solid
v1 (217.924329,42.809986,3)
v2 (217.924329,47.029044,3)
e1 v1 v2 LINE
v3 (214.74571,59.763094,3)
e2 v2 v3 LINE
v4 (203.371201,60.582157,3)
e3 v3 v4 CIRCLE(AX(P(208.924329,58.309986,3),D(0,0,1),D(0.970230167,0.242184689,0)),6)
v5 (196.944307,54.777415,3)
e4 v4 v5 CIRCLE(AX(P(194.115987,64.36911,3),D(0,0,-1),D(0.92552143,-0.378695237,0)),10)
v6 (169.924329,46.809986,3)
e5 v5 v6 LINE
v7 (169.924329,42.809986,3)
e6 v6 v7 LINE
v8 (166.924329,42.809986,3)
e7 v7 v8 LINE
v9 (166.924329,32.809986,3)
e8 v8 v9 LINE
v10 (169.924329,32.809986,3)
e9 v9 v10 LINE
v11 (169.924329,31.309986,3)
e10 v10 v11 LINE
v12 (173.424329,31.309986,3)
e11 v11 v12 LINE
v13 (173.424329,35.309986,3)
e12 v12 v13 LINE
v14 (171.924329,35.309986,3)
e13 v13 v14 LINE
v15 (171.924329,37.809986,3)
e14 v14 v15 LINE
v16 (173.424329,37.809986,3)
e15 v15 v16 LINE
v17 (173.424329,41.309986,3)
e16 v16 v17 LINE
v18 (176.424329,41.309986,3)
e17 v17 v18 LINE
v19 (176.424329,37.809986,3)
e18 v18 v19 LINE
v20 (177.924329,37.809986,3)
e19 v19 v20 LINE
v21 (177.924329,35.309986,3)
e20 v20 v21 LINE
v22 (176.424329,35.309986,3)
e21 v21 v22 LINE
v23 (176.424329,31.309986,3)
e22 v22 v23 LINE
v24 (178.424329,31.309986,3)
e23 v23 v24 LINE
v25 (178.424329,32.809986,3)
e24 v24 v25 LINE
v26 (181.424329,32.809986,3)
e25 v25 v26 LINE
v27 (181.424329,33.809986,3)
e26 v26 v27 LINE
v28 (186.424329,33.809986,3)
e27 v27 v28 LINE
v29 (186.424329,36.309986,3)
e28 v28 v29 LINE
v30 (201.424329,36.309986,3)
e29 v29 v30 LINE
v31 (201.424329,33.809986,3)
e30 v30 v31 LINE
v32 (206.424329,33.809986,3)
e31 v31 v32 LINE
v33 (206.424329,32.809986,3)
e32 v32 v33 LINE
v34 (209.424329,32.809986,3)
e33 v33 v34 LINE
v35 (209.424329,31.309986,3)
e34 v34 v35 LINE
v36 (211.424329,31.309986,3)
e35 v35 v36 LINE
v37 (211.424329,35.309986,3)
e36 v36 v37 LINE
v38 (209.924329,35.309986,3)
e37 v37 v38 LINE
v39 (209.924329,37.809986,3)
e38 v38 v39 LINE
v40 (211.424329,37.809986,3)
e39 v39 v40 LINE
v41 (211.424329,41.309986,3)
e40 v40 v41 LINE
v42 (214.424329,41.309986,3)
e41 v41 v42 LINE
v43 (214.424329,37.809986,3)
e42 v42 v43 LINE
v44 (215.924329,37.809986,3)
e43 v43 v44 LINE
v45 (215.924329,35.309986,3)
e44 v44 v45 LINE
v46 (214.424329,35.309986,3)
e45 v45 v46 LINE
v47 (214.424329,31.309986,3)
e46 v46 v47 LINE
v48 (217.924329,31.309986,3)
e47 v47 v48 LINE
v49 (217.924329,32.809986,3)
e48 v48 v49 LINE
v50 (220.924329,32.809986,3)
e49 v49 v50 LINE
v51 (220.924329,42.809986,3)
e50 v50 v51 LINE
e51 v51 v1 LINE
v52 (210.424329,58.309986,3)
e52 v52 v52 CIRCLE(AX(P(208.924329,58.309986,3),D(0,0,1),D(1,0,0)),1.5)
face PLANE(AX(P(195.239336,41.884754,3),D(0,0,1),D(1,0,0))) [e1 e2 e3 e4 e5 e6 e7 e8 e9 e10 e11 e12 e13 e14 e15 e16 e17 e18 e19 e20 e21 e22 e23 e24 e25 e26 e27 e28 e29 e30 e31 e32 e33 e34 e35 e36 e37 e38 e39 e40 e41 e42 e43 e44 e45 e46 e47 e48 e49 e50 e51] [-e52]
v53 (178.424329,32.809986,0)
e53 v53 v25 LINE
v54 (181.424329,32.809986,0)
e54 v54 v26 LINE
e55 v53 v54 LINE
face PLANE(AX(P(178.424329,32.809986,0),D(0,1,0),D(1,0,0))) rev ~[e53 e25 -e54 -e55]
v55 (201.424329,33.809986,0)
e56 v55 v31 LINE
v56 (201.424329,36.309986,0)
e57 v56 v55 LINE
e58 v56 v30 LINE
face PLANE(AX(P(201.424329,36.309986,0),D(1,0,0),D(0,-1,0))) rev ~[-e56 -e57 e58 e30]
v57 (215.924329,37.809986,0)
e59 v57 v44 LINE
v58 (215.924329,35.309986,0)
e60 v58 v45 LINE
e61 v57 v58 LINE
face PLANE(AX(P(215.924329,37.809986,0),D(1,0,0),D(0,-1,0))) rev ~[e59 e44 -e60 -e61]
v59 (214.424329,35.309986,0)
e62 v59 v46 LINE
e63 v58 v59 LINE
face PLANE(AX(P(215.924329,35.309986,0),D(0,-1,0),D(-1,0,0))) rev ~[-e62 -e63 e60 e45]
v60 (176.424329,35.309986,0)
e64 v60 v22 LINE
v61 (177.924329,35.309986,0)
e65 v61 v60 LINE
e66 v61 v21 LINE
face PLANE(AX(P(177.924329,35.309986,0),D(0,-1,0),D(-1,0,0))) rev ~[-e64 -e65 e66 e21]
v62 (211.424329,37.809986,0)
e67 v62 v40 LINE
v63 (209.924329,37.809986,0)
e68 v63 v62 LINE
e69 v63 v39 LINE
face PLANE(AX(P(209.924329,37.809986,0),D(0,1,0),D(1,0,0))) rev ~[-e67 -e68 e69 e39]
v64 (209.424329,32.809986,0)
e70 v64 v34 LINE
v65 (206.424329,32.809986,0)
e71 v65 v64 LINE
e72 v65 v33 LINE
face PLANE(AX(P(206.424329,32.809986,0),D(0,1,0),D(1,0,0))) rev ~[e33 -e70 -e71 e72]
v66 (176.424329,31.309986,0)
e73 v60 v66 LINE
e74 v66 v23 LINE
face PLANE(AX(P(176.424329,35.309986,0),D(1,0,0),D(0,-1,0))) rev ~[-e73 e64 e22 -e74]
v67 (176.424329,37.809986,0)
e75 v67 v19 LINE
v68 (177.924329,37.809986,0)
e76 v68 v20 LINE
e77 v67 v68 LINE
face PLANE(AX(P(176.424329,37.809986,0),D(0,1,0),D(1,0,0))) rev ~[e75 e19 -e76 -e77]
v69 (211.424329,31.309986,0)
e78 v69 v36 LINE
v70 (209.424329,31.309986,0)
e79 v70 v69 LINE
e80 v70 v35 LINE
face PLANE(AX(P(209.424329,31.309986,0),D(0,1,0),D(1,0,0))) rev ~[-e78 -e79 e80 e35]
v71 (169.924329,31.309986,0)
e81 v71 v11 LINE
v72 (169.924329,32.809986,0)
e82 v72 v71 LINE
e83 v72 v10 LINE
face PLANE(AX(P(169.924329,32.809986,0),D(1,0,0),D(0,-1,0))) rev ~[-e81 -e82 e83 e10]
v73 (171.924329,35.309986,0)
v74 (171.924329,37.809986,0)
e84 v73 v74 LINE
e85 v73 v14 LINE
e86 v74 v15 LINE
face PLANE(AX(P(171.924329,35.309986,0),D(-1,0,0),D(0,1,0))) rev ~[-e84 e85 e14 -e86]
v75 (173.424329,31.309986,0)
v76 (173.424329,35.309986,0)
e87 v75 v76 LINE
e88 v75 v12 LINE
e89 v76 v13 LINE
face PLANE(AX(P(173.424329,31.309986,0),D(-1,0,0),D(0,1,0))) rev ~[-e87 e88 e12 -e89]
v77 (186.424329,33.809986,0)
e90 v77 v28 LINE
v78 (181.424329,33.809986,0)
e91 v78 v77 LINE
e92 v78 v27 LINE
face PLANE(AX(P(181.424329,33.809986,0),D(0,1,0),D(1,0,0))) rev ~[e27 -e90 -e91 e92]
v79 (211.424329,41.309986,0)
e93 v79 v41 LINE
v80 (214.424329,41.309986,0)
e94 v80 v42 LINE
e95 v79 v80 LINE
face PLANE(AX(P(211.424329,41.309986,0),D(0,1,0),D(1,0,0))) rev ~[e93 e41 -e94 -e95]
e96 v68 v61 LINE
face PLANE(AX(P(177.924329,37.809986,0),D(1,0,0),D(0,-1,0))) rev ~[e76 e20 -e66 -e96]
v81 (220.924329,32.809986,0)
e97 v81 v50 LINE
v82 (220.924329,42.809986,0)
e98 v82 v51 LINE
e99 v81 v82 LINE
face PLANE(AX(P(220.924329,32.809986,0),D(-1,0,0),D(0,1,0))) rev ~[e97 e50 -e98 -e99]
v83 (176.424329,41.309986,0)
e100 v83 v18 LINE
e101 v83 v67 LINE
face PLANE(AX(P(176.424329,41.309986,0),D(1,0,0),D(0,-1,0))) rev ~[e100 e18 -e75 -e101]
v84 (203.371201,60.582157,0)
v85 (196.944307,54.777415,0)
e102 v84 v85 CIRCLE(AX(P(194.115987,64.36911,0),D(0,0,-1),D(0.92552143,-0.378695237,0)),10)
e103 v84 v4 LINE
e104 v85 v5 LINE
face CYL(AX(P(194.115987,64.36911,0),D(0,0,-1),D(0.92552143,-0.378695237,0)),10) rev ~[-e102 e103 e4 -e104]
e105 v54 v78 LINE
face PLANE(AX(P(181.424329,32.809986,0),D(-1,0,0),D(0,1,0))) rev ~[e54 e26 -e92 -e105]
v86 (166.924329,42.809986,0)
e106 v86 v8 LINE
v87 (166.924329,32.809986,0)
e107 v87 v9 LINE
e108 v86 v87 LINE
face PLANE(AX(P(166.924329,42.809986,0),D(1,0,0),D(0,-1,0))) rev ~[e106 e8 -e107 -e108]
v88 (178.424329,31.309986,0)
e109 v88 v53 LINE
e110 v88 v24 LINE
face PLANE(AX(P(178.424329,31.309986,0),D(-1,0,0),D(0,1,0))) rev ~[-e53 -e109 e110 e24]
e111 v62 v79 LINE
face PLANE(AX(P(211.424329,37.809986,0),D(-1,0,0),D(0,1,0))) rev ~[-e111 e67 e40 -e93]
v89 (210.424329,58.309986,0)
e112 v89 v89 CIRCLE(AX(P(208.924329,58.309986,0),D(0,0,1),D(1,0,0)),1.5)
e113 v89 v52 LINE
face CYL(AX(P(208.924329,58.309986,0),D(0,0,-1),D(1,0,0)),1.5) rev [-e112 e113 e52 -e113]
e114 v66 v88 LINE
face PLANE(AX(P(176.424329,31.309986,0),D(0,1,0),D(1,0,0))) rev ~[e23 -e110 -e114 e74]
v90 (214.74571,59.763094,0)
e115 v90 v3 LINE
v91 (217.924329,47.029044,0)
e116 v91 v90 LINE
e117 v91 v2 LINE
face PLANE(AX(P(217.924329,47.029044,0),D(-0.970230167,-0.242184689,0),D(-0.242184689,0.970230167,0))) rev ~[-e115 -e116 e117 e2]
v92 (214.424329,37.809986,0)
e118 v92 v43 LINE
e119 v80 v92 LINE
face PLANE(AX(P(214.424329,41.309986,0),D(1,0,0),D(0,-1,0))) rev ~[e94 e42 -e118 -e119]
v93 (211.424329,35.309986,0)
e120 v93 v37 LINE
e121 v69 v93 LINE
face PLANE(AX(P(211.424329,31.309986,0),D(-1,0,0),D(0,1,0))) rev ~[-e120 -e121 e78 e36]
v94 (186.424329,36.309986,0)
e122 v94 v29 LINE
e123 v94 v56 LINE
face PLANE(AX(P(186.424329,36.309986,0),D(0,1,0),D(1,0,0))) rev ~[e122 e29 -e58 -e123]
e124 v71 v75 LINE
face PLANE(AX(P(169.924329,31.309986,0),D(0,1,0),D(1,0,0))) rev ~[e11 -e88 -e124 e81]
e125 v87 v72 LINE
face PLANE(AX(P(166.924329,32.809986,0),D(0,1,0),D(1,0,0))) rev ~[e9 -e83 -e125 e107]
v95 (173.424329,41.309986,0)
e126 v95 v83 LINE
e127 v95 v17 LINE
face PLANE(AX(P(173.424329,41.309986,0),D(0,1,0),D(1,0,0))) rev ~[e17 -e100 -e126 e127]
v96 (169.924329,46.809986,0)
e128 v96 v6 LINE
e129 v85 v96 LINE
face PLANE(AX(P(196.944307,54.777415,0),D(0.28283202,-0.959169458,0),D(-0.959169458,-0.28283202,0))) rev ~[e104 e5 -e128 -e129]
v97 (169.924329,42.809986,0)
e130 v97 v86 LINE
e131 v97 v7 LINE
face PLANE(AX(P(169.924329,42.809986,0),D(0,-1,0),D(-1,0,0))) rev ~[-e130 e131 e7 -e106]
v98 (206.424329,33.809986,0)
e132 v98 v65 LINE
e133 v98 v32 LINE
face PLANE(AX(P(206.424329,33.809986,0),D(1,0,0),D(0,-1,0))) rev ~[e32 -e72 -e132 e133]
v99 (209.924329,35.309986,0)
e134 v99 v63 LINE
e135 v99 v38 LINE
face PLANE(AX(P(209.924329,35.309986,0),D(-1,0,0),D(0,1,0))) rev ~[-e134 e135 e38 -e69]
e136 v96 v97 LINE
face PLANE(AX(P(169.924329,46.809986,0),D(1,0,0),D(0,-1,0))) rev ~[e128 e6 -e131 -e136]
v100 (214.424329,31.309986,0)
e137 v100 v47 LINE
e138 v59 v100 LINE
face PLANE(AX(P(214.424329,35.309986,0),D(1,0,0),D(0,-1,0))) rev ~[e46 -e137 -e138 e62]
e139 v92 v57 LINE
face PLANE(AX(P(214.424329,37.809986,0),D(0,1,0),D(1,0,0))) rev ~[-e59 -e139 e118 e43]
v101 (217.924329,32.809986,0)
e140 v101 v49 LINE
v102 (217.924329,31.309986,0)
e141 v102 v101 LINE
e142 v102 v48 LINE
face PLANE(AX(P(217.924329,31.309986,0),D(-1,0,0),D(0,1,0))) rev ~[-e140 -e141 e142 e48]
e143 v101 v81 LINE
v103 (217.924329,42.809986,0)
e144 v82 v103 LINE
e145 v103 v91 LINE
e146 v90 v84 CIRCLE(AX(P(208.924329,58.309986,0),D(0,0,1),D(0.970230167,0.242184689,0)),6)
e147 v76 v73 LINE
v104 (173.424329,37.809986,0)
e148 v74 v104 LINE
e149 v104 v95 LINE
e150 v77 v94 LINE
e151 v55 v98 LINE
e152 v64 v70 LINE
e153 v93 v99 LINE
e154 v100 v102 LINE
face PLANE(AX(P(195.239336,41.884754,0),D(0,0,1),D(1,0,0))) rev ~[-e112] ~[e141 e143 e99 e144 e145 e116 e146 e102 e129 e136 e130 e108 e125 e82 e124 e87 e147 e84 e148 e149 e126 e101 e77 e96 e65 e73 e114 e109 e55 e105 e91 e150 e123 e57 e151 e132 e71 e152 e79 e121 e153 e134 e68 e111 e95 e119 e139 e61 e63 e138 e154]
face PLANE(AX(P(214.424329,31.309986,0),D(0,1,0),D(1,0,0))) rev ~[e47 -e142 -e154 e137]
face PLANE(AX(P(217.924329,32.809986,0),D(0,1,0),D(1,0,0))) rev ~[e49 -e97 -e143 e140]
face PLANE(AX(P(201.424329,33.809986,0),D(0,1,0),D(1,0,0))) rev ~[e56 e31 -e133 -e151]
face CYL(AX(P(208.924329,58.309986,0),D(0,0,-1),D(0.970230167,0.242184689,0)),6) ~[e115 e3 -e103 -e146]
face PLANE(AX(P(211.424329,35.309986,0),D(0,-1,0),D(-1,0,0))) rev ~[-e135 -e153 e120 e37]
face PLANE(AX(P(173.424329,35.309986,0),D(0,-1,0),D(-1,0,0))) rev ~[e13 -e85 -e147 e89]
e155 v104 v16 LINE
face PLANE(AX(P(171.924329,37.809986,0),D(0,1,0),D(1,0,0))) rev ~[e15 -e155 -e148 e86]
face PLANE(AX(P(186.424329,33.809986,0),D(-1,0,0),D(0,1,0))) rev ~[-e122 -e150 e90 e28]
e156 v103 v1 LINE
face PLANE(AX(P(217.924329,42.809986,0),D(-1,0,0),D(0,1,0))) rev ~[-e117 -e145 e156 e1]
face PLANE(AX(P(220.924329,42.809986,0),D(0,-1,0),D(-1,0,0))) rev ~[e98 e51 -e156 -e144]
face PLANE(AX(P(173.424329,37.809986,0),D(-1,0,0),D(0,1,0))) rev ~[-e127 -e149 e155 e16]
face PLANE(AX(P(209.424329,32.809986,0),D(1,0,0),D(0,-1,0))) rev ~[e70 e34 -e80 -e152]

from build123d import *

# Parameters (mm, degrees)
ESQUISSE15_R        = 1.5
BOSS_EXTRU_15_DEPTH = 3


with BuildPart() as part:
    # Esquisse15 → Boss.-Extru.15 (new body)
    with BuildSketch(Plane.XY):
        with BuildLine():
            Line((209.424329445, 31.309985915), (211.424329445, 31.309985915))
            Line((211.424329445, 31.309985915), (211.424329445, 35.309985915))
            Line((211.424329445, 35.309985915), (209.924329445, 35.309985915))
            Line((209.924329445, 35.309985915), (209.924329445, 37.809985915))
            Line((209.924329445, 37.809985915), (211.424329445, 37.809985915))
            Line((211.424329445, 37.809985915), (211.424329445, 41.309985915))
            Line((211.424329445, 41.309985915), (214.424329445, 41.309985915))
            Line((214.424329445, 41.309985915), (214.424329445, 37.809985915))
            Line((214.424329445, 37.809985915), (215.924329445, 37.809985915))
            Line((215.924329445, 37.809985915), (215.924329445, 35.309985915))
            Line((215.924329445, 35.309985915), (214.424329445, 35.309985915))
            Line((214.424329445, 35.309985915), (214.424329445, 31.309985915))
            Line((214.424329445, 31.309985915), (217.924329445, 31.309985915))
            Line((217.924329445, 31.309985915), (217.924329445, 32.809985915))
            Line((217.924329445, 32.809985915), (220.924329445, 32.809985915))
            Line((220.924329445, 32.809985915), (220.924329445, 42.809985915))
            Line((220.924329445, 42.809985915), (217.924329445, 42.809985915))
            Line((217.924329445, 42.809985915), (217.924329445, 47.029043611))
            Line((217.924329445, 47.029043611), (214.745710446, 59.763094048))
            ThreePointArc((214.745710446, 59.763094048), (209.355265644, 64.294490405), (203.371200864, 60.582157334))
            ThreePointArc((203.371200864, 60.582157334), (200.818725519, 56.947971615), (196.944306758, 54.777415122))
            Line((196.944306758, 54.777415122), (169.924329445, 46.809985915))
            Line((169.924329445, 46.809985915), (169.924329445, 42.809985915))
            Line((169.924329445, 42.809985915), (166.924329445, 42.809985915))
            Line((166.924329445, 42.809985915), (166.924329445, 32.809985915))
            Line((166.924329445, 32.809985915), (169.924329445, 32.809985915))
            Line((169.924329445, 32.809985915), (169.924329445, 31.309985915))
            Line((169.924329445, 31.309985915), (173.424329445, 31.309985915))
            Line((173.424329445, 31.309985915), (173.424329445, 35.309985915))
            Line((173.424329445, 35.309985915), (171.924329445, 35.309985915))
            Line((171.924329445, 35.309985915), (171.924329445, 37.809985915))
            Line((171.924329445, 37.809985915), (173.424329445, 37.809985915))
            Line((173.424329445, 37.809985915), (173.424329445, 41.309985915))
            Line((173.424329445, 41.309985915), (176.424329445, 41.309985915))
            Line((176.424329445, 41.309985915), (176.424329445, 37.809985915))
            Line((176.424329445, 37.809985915), (177.924329445, 37.809985915))
            Line((177.924329445, 37.809985915), (177.924329445, 35.309985915))
            Line((177.924329445, 35.309985915), (176.424329445, 35.309985915))
            Line((176.424329445, 35.309985915), (176.424329445, 31.309985915))
            Line((176.424329445, 31.309985915), (178.424329445, 31.309985915))
            Line((178.424329445, 31.309985915), (178.424329445, 32.809985915))
            Line((178.424329445, 32.809985915), (181.424329445, 32.809985915))
            Line((181.424329445, 32.809985915), (181.424329445, 33.809985915))
            Line((181.424329445, 33.809985915), (186.424329445, 33.809985915))
            Line((186.424329445, 33.809985915), (186.424329445, 36.309985915))
            Line((186.424329445, 36.309985915), (201.424329445, 36.309985915))
            Line((201.424329445, 36.309985915), (201.424329445, 33.809985915))
            Line((201.424329445, 33.809985915), (206.424329445, 33.809985915))
            Line((206.424329445, 33.809985915), (206.424329445, 32.809985915))
            Line((206.424329445, 32.809985915), (209.424329445, 32.809985915))
            Line((209.424329445, 32.809985915), (209.424329445, 31.309985915))
        make_face()
        with Locations((208.924329445, 58.309985915)):
            Circle(ESQUISSE15_R, mode=Mode.SUBTRACT)
    extrude(amount=BOSS_EXTRU_15_DEPTH)


solid = part.part
